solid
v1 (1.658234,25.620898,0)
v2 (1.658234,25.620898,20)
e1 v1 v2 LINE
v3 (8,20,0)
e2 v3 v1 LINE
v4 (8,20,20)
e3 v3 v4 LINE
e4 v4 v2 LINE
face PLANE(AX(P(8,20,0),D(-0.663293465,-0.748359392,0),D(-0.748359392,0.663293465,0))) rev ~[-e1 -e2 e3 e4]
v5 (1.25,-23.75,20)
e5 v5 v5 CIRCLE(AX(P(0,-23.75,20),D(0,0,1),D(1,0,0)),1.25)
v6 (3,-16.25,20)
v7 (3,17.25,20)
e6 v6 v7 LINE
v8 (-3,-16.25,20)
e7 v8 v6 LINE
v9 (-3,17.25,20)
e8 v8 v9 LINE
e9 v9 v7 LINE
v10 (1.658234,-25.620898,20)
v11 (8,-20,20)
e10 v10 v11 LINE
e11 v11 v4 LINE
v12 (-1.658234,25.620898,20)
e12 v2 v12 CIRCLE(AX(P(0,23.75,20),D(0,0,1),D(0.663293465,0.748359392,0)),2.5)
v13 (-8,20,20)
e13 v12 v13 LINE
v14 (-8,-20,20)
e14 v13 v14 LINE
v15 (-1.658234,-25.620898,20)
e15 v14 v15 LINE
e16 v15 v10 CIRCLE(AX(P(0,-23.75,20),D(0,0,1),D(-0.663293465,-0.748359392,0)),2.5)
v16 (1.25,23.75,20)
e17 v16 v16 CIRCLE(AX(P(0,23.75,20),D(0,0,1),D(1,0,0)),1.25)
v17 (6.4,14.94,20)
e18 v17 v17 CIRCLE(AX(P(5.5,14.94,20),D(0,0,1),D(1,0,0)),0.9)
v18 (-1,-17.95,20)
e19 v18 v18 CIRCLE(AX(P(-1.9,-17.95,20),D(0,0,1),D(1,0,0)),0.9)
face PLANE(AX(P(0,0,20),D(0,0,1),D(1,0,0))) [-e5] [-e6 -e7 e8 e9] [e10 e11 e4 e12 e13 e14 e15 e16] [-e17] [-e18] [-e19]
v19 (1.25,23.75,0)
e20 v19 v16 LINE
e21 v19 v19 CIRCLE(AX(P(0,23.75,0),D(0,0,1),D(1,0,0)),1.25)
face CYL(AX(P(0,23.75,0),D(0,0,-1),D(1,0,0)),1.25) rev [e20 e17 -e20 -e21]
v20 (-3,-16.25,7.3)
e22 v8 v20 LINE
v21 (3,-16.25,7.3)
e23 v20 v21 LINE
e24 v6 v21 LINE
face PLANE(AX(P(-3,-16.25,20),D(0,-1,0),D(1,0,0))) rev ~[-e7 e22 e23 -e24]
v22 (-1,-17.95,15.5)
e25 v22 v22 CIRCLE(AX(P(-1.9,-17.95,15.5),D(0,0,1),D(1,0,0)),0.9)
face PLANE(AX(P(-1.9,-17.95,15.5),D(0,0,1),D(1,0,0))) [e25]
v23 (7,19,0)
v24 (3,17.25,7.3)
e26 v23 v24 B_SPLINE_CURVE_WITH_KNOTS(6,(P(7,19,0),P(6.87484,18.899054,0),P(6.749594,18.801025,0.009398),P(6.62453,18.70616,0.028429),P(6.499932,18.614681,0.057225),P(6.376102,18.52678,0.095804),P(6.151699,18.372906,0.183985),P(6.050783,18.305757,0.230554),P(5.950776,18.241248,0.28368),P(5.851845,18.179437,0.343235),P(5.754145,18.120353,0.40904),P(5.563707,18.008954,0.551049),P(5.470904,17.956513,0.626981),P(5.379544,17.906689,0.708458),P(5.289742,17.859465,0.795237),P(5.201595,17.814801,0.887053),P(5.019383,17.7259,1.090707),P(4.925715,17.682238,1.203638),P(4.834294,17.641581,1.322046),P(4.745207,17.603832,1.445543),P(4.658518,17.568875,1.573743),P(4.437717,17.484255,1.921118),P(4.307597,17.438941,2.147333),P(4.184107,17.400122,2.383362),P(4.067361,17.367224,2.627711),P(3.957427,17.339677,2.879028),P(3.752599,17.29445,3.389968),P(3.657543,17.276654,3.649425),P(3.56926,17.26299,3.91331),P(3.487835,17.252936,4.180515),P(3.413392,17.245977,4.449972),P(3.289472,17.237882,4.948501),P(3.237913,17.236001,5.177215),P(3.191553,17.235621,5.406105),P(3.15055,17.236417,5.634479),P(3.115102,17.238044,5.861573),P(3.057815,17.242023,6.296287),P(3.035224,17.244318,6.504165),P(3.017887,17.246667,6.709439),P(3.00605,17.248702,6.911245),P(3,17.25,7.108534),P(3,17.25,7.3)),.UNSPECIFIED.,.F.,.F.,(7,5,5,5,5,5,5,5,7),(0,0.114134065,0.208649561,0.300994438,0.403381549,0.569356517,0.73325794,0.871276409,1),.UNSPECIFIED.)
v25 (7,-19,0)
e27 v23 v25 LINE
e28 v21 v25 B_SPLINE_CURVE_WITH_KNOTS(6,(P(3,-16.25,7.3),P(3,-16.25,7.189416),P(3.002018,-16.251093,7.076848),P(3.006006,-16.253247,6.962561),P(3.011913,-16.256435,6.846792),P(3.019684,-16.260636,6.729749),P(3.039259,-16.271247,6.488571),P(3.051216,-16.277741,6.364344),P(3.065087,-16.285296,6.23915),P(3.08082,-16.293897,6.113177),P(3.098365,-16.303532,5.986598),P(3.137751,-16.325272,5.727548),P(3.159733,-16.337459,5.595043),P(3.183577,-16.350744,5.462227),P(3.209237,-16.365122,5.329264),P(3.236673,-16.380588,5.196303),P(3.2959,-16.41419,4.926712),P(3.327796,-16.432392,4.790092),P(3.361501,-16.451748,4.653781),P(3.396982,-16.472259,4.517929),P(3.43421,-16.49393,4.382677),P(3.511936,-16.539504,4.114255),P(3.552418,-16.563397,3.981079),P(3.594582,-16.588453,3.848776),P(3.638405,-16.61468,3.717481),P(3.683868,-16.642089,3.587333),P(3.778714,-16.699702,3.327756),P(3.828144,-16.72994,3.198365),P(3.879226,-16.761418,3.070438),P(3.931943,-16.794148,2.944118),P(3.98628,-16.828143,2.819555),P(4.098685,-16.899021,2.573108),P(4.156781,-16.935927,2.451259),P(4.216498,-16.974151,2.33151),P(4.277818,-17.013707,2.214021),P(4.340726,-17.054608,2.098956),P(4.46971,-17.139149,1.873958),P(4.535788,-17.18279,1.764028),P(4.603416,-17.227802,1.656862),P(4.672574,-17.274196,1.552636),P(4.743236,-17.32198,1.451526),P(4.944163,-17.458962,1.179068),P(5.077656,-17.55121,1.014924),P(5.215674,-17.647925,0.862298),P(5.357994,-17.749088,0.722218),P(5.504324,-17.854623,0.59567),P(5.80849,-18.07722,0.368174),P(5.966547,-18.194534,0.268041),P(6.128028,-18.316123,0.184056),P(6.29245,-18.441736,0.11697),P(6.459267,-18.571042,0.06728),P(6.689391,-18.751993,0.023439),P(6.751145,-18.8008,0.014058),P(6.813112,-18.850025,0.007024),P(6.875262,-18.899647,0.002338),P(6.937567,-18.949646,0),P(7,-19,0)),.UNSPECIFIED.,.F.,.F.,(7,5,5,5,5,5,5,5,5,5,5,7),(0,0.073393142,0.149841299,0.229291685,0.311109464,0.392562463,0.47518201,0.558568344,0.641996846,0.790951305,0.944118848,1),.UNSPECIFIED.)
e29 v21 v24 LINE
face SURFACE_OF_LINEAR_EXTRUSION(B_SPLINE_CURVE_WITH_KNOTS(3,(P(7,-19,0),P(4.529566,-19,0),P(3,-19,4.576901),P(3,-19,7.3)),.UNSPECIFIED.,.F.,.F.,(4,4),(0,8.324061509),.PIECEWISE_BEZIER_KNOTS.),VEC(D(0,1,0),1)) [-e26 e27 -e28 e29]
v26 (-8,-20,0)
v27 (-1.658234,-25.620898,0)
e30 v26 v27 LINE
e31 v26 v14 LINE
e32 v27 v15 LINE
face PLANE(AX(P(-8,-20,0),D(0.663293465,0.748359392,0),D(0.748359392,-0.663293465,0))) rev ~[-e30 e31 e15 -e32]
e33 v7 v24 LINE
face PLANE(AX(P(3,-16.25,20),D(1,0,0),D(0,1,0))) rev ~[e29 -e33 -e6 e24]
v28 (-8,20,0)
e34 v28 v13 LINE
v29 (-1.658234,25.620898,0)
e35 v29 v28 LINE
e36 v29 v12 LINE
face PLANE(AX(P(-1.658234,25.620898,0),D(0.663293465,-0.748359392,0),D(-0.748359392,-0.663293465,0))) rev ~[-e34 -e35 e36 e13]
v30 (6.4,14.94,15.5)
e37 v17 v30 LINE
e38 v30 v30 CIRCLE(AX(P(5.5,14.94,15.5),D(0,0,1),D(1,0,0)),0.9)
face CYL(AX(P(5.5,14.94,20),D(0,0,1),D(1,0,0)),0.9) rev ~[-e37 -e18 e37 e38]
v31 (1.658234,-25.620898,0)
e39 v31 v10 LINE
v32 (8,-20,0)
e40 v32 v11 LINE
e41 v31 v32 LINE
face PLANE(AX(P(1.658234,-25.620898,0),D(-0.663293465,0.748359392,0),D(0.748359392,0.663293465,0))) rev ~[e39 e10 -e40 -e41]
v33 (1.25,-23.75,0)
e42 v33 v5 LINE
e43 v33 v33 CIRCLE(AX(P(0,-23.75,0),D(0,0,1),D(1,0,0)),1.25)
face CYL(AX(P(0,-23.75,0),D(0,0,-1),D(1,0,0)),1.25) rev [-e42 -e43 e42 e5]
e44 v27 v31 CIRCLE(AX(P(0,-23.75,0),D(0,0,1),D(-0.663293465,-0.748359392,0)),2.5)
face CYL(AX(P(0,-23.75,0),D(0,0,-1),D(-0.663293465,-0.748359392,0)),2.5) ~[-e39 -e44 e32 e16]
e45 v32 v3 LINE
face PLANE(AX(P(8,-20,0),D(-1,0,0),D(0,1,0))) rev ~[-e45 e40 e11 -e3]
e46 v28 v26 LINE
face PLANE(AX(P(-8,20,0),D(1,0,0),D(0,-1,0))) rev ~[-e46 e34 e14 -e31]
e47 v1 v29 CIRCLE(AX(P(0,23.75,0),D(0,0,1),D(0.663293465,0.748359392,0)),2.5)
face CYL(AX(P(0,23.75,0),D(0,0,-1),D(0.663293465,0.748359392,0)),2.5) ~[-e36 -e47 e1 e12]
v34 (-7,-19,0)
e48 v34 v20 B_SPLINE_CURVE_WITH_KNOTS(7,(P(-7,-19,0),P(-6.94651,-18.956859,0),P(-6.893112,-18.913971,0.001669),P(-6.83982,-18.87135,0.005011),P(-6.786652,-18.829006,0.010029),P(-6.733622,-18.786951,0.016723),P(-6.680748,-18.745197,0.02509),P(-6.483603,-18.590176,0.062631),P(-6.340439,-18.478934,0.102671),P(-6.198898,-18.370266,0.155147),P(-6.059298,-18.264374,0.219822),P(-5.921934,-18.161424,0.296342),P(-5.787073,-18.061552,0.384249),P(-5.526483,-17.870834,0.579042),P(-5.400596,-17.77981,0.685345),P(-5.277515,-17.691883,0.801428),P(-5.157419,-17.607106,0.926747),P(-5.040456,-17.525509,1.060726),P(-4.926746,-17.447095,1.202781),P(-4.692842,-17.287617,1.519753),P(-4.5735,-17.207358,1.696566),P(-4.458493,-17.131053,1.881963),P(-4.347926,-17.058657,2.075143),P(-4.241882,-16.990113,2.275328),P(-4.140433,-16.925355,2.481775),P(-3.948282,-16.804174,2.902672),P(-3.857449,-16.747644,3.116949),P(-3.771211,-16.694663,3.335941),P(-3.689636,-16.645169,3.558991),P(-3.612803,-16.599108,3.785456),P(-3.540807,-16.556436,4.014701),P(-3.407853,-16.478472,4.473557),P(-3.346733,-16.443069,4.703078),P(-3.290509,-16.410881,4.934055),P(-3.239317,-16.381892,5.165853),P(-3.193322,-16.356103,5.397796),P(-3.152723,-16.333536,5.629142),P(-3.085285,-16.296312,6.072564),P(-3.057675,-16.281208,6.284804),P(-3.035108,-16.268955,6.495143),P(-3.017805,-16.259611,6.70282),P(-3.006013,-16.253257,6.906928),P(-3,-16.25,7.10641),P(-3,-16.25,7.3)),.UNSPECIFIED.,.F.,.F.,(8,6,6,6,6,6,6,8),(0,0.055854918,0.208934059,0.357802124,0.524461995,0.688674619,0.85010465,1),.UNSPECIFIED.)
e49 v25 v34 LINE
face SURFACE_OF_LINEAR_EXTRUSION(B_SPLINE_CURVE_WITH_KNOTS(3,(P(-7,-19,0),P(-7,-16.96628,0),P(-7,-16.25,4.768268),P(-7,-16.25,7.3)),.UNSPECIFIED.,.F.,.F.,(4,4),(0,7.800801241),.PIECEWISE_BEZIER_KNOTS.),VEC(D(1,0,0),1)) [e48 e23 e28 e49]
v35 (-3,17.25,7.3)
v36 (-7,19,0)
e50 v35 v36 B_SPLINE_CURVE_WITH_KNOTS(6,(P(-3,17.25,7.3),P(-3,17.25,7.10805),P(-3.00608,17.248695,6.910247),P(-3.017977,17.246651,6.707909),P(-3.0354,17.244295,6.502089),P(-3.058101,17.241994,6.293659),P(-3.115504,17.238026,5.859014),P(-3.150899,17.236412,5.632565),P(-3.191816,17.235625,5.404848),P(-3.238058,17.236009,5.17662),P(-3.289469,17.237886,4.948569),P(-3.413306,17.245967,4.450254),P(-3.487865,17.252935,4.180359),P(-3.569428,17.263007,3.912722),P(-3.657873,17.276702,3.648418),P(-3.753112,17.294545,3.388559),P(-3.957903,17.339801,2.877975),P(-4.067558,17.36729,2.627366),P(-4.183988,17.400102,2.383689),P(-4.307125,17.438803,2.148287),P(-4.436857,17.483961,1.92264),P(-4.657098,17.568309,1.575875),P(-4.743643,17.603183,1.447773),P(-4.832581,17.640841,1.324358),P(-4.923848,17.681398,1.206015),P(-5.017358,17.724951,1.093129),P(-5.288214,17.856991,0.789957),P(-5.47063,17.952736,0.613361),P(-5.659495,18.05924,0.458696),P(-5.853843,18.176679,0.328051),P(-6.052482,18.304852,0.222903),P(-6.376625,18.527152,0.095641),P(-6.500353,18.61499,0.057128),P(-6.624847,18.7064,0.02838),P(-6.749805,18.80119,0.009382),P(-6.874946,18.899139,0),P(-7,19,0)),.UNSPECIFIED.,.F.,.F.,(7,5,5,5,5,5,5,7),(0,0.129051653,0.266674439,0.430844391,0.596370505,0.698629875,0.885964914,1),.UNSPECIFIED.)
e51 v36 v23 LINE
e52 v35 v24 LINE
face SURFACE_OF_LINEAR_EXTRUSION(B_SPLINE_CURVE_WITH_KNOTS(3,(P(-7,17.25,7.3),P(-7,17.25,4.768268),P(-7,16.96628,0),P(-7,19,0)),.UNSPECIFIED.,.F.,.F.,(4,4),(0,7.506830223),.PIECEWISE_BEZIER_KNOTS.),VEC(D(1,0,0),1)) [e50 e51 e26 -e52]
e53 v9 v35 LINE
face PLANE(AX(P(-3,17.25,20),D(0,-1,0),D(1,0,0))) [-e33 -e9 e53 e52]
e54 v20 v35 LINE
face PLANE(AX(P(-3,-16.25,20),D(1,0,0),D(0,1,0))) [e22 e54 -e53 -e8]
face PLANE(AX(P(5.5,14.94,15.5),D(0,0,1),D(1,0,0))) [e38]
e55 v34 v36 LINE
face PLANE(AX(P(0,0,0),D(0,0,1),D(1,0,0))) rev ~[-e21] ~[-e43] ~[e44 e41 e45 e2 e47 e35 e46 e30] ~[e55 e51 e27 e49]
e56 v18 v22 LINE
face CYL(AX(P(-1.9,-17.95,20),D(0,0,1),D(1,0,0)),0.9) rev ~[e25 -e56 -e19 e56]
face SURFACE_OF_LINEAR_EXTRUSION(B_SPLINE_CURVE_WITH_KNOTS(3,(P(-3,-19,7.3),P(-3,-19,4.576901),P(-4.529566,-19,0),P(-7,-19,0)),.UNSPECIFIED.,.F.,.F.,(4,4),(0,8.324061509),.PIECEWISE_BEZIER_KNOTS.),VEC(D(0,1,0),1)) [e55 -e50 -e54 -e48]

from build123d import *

# Parameters (mm, degrees)
F0_R     = 1.25
F1_DEPTH = 20
F2_W     = 14
F2_H     = 38
F2_W_2   = 6
F2_H_2   = 33.5
F3_DEPTH = 12.7
F8_R     = 0.9
F9_DEPTH = 4.5


with BuildPart() as f1:
    # F0 (on Top) → F1 (new body)
    with BuildSketch(Plane.XY):
        Polygon((8, 20), (-8, 20), (-8, 0), (-8, -20), (8, -20), (8, 0), align=None)
        Polygon((-7, 0), (-7, 19), (7, 19), (7, 0), (7, -19), (-7, -19), align=None, mode=Mode.SUBTRACT)
        with BuildLine():
            Line((-1.6582336623, 25.6208984796), (-8, 20))
            Line((-8, 20), (8, 20))
            Line((8, 20), (1.6582336623, 25.6208984796))
            ThreePointArc((1.6582336623, 25.6208984796), (2.2798666799, 24.7757718665), (2.5, 23.75))
            ThreePointArc((2.5, 23.75), (-1.0257718665, 21.4701333201), (-1.6582336623, 25.6208984796))
        make_face()
        with BuildLine():
            ThreePointArc((1.6582336623, 25.6208984796), (0, 26.25), (-1.6582336623, 25.6208984796))
            ThreePointArc((-1.6582336623, 25.6208984796), (-1.0257718665, 21.4701333201), (2.5, 23.75))
            ThreePointArc((2.5, 23.75), (2.2798666799, 24.7757718665), (1.6582336623, 25.6208984796))
        make_face()
        with Locations((0, 23.75)):
            Circle(F0_R, mode=Mode.SUBTRACT)
        with BuildLine():
            Line((8, -20), (-8, -20))
            Line((-8, -20), (-1.6582336623, -25.6208984796))
            ThreePointArc((-1.6582336623, -25.6208984796), (-1.0257718665, -21.4701333201), (2.5, -23.75))
            ThreePointArc((2.5, -23.75), (2.2798666799, -24.7757718665), (1.6582336623, -25.6208984796))
            Line((1.6582336623, -25.6208984796), (8, -20))
        make_face()
        with BuildLine():
            ThreePointArc((2.5, -23.75), (-1.0257718665, -21.4701333201), (-1.6582336623, -25.6208984796))
            ThreePointArc((-1.6582336623, -25.6208984796), (0, -26.25), (1.6582336623, -25.6208984796))
            ThreePointArc((1.6582336623, -25.6208984796), (2.2798666799, -24.7757718665), (2.5, -23.75))
        make_face()
        with Locations((0, -23.75)):
            Circle(F0_R, mode=Mode.SUBTRACT)
    extrude(amount=F1_DEPTH)

    # F2 (on face) → F3 (join)
    with BuildSketch(Plane.XY.offset(20)):
        Rectangle(F2_W, F2_H)
        with Locations((0, 0.5)):
            Rectangle(F2_W_2, F2_H_2, mode=Mode.SUBTRACT)
    extrude(amount=-F3_DEPTH)

    # F6: sweep along a path in F6_path
    with BuildLine(Plane(origin=(-7, 19, 0), x_dir=(0, 1, 0), z_dir=(0, 0, 1))) as f6_path:
        Line((0, 0), (0, -14))
    # F4 (on face) → F6 (sweep)
    with BuildSketch(Plane.YZ.offset(-7)):
        with BuildLine():
            Line((-19, 7.3), (-19, 0))
            add(Edge.make_bspline(
                [(-19, 0), (-16.966280043, 0), (-16.25, 4.7682679952), (-16.25, 7.3)],
                knots=[0, 0, 0, 0, 7.8008012409, 7.8008012409, 7.8008012409, 7.8008012409], degree=3))
            Line((-16.25, 7.3), (-19, 7.3))
        make_face()
        with BuildLine():
            Line((19, 7.3), (17.25, 7.3))
            add(Edge.make_bspline(
                [(19, 0), (16.966280043, 0), (17.25, 4.7682679952), (17.25, 7.3)],
                knots=[0, 0, 0, 0, 7.5068302232, 7.5068302232, 7.5068302232, 7.5068302232], degree=3))
            Line((19, 0), (19, 7.3))
        make_face()
    sweep(path=f6_path.line)

    # F7: sweep along a path in F7_path
    with BuildLine(Plane(origin=(-7, -19, 0), x_dir=(0, -1, 0), z_dir=(0, 0, -1))) as f7_path:
        Line((0, 0), (-38, 0))
    # F5 (on face) → F7 (sweep)
    with BuildSketch(Plane(origin=(0, -19, 0), x_dir=(-1, 0, 0), z_dir=(0, 1, 0))):
        with BuildLine():
            add(Edge.make_bspline(
                [(7, 0), (4.5295656249, 0), (3, 4.5769013319), (3, 7.3)],
                knots=[0, 0, 0, 0, 8.3240615087, 8.3240615087, 8.3240615087, 8.3240615087], degree=3))
            Line((7, 0), (7, 7.3))
            Line((7, 7.3), (3, 7.3))
        make_face()
        with BuildLine():
            Line((-7, 7.3), (-7, 0))
            add(Edge.make_bspline(
                [(-7, 0), (-4.5295656249, 0), (-3, 4.5769013319), (-3, 7.3)],
                knots=[0, 0, 0, 0, 8.3240615087, 8.3240615087, 8.3240615087, 8.3240615087], degree=3))
            Line((-3, 7.3), (-7, 7.3))
        make_face()
    sweep(path=f7_path.line)

    # F8 (on face) → F9 (cut)
    with BuildSketch(Plane.XY.offset(20)):
        with Locations((5.5, 14.94)):
            Circle(F8_R)
        with Locations((-1.9, -17.95)):
            Circle(F8_R)
    extrude(amount=-F9_DEPTH, mode=Mode.SUBTRACT)


solid = f1.part
